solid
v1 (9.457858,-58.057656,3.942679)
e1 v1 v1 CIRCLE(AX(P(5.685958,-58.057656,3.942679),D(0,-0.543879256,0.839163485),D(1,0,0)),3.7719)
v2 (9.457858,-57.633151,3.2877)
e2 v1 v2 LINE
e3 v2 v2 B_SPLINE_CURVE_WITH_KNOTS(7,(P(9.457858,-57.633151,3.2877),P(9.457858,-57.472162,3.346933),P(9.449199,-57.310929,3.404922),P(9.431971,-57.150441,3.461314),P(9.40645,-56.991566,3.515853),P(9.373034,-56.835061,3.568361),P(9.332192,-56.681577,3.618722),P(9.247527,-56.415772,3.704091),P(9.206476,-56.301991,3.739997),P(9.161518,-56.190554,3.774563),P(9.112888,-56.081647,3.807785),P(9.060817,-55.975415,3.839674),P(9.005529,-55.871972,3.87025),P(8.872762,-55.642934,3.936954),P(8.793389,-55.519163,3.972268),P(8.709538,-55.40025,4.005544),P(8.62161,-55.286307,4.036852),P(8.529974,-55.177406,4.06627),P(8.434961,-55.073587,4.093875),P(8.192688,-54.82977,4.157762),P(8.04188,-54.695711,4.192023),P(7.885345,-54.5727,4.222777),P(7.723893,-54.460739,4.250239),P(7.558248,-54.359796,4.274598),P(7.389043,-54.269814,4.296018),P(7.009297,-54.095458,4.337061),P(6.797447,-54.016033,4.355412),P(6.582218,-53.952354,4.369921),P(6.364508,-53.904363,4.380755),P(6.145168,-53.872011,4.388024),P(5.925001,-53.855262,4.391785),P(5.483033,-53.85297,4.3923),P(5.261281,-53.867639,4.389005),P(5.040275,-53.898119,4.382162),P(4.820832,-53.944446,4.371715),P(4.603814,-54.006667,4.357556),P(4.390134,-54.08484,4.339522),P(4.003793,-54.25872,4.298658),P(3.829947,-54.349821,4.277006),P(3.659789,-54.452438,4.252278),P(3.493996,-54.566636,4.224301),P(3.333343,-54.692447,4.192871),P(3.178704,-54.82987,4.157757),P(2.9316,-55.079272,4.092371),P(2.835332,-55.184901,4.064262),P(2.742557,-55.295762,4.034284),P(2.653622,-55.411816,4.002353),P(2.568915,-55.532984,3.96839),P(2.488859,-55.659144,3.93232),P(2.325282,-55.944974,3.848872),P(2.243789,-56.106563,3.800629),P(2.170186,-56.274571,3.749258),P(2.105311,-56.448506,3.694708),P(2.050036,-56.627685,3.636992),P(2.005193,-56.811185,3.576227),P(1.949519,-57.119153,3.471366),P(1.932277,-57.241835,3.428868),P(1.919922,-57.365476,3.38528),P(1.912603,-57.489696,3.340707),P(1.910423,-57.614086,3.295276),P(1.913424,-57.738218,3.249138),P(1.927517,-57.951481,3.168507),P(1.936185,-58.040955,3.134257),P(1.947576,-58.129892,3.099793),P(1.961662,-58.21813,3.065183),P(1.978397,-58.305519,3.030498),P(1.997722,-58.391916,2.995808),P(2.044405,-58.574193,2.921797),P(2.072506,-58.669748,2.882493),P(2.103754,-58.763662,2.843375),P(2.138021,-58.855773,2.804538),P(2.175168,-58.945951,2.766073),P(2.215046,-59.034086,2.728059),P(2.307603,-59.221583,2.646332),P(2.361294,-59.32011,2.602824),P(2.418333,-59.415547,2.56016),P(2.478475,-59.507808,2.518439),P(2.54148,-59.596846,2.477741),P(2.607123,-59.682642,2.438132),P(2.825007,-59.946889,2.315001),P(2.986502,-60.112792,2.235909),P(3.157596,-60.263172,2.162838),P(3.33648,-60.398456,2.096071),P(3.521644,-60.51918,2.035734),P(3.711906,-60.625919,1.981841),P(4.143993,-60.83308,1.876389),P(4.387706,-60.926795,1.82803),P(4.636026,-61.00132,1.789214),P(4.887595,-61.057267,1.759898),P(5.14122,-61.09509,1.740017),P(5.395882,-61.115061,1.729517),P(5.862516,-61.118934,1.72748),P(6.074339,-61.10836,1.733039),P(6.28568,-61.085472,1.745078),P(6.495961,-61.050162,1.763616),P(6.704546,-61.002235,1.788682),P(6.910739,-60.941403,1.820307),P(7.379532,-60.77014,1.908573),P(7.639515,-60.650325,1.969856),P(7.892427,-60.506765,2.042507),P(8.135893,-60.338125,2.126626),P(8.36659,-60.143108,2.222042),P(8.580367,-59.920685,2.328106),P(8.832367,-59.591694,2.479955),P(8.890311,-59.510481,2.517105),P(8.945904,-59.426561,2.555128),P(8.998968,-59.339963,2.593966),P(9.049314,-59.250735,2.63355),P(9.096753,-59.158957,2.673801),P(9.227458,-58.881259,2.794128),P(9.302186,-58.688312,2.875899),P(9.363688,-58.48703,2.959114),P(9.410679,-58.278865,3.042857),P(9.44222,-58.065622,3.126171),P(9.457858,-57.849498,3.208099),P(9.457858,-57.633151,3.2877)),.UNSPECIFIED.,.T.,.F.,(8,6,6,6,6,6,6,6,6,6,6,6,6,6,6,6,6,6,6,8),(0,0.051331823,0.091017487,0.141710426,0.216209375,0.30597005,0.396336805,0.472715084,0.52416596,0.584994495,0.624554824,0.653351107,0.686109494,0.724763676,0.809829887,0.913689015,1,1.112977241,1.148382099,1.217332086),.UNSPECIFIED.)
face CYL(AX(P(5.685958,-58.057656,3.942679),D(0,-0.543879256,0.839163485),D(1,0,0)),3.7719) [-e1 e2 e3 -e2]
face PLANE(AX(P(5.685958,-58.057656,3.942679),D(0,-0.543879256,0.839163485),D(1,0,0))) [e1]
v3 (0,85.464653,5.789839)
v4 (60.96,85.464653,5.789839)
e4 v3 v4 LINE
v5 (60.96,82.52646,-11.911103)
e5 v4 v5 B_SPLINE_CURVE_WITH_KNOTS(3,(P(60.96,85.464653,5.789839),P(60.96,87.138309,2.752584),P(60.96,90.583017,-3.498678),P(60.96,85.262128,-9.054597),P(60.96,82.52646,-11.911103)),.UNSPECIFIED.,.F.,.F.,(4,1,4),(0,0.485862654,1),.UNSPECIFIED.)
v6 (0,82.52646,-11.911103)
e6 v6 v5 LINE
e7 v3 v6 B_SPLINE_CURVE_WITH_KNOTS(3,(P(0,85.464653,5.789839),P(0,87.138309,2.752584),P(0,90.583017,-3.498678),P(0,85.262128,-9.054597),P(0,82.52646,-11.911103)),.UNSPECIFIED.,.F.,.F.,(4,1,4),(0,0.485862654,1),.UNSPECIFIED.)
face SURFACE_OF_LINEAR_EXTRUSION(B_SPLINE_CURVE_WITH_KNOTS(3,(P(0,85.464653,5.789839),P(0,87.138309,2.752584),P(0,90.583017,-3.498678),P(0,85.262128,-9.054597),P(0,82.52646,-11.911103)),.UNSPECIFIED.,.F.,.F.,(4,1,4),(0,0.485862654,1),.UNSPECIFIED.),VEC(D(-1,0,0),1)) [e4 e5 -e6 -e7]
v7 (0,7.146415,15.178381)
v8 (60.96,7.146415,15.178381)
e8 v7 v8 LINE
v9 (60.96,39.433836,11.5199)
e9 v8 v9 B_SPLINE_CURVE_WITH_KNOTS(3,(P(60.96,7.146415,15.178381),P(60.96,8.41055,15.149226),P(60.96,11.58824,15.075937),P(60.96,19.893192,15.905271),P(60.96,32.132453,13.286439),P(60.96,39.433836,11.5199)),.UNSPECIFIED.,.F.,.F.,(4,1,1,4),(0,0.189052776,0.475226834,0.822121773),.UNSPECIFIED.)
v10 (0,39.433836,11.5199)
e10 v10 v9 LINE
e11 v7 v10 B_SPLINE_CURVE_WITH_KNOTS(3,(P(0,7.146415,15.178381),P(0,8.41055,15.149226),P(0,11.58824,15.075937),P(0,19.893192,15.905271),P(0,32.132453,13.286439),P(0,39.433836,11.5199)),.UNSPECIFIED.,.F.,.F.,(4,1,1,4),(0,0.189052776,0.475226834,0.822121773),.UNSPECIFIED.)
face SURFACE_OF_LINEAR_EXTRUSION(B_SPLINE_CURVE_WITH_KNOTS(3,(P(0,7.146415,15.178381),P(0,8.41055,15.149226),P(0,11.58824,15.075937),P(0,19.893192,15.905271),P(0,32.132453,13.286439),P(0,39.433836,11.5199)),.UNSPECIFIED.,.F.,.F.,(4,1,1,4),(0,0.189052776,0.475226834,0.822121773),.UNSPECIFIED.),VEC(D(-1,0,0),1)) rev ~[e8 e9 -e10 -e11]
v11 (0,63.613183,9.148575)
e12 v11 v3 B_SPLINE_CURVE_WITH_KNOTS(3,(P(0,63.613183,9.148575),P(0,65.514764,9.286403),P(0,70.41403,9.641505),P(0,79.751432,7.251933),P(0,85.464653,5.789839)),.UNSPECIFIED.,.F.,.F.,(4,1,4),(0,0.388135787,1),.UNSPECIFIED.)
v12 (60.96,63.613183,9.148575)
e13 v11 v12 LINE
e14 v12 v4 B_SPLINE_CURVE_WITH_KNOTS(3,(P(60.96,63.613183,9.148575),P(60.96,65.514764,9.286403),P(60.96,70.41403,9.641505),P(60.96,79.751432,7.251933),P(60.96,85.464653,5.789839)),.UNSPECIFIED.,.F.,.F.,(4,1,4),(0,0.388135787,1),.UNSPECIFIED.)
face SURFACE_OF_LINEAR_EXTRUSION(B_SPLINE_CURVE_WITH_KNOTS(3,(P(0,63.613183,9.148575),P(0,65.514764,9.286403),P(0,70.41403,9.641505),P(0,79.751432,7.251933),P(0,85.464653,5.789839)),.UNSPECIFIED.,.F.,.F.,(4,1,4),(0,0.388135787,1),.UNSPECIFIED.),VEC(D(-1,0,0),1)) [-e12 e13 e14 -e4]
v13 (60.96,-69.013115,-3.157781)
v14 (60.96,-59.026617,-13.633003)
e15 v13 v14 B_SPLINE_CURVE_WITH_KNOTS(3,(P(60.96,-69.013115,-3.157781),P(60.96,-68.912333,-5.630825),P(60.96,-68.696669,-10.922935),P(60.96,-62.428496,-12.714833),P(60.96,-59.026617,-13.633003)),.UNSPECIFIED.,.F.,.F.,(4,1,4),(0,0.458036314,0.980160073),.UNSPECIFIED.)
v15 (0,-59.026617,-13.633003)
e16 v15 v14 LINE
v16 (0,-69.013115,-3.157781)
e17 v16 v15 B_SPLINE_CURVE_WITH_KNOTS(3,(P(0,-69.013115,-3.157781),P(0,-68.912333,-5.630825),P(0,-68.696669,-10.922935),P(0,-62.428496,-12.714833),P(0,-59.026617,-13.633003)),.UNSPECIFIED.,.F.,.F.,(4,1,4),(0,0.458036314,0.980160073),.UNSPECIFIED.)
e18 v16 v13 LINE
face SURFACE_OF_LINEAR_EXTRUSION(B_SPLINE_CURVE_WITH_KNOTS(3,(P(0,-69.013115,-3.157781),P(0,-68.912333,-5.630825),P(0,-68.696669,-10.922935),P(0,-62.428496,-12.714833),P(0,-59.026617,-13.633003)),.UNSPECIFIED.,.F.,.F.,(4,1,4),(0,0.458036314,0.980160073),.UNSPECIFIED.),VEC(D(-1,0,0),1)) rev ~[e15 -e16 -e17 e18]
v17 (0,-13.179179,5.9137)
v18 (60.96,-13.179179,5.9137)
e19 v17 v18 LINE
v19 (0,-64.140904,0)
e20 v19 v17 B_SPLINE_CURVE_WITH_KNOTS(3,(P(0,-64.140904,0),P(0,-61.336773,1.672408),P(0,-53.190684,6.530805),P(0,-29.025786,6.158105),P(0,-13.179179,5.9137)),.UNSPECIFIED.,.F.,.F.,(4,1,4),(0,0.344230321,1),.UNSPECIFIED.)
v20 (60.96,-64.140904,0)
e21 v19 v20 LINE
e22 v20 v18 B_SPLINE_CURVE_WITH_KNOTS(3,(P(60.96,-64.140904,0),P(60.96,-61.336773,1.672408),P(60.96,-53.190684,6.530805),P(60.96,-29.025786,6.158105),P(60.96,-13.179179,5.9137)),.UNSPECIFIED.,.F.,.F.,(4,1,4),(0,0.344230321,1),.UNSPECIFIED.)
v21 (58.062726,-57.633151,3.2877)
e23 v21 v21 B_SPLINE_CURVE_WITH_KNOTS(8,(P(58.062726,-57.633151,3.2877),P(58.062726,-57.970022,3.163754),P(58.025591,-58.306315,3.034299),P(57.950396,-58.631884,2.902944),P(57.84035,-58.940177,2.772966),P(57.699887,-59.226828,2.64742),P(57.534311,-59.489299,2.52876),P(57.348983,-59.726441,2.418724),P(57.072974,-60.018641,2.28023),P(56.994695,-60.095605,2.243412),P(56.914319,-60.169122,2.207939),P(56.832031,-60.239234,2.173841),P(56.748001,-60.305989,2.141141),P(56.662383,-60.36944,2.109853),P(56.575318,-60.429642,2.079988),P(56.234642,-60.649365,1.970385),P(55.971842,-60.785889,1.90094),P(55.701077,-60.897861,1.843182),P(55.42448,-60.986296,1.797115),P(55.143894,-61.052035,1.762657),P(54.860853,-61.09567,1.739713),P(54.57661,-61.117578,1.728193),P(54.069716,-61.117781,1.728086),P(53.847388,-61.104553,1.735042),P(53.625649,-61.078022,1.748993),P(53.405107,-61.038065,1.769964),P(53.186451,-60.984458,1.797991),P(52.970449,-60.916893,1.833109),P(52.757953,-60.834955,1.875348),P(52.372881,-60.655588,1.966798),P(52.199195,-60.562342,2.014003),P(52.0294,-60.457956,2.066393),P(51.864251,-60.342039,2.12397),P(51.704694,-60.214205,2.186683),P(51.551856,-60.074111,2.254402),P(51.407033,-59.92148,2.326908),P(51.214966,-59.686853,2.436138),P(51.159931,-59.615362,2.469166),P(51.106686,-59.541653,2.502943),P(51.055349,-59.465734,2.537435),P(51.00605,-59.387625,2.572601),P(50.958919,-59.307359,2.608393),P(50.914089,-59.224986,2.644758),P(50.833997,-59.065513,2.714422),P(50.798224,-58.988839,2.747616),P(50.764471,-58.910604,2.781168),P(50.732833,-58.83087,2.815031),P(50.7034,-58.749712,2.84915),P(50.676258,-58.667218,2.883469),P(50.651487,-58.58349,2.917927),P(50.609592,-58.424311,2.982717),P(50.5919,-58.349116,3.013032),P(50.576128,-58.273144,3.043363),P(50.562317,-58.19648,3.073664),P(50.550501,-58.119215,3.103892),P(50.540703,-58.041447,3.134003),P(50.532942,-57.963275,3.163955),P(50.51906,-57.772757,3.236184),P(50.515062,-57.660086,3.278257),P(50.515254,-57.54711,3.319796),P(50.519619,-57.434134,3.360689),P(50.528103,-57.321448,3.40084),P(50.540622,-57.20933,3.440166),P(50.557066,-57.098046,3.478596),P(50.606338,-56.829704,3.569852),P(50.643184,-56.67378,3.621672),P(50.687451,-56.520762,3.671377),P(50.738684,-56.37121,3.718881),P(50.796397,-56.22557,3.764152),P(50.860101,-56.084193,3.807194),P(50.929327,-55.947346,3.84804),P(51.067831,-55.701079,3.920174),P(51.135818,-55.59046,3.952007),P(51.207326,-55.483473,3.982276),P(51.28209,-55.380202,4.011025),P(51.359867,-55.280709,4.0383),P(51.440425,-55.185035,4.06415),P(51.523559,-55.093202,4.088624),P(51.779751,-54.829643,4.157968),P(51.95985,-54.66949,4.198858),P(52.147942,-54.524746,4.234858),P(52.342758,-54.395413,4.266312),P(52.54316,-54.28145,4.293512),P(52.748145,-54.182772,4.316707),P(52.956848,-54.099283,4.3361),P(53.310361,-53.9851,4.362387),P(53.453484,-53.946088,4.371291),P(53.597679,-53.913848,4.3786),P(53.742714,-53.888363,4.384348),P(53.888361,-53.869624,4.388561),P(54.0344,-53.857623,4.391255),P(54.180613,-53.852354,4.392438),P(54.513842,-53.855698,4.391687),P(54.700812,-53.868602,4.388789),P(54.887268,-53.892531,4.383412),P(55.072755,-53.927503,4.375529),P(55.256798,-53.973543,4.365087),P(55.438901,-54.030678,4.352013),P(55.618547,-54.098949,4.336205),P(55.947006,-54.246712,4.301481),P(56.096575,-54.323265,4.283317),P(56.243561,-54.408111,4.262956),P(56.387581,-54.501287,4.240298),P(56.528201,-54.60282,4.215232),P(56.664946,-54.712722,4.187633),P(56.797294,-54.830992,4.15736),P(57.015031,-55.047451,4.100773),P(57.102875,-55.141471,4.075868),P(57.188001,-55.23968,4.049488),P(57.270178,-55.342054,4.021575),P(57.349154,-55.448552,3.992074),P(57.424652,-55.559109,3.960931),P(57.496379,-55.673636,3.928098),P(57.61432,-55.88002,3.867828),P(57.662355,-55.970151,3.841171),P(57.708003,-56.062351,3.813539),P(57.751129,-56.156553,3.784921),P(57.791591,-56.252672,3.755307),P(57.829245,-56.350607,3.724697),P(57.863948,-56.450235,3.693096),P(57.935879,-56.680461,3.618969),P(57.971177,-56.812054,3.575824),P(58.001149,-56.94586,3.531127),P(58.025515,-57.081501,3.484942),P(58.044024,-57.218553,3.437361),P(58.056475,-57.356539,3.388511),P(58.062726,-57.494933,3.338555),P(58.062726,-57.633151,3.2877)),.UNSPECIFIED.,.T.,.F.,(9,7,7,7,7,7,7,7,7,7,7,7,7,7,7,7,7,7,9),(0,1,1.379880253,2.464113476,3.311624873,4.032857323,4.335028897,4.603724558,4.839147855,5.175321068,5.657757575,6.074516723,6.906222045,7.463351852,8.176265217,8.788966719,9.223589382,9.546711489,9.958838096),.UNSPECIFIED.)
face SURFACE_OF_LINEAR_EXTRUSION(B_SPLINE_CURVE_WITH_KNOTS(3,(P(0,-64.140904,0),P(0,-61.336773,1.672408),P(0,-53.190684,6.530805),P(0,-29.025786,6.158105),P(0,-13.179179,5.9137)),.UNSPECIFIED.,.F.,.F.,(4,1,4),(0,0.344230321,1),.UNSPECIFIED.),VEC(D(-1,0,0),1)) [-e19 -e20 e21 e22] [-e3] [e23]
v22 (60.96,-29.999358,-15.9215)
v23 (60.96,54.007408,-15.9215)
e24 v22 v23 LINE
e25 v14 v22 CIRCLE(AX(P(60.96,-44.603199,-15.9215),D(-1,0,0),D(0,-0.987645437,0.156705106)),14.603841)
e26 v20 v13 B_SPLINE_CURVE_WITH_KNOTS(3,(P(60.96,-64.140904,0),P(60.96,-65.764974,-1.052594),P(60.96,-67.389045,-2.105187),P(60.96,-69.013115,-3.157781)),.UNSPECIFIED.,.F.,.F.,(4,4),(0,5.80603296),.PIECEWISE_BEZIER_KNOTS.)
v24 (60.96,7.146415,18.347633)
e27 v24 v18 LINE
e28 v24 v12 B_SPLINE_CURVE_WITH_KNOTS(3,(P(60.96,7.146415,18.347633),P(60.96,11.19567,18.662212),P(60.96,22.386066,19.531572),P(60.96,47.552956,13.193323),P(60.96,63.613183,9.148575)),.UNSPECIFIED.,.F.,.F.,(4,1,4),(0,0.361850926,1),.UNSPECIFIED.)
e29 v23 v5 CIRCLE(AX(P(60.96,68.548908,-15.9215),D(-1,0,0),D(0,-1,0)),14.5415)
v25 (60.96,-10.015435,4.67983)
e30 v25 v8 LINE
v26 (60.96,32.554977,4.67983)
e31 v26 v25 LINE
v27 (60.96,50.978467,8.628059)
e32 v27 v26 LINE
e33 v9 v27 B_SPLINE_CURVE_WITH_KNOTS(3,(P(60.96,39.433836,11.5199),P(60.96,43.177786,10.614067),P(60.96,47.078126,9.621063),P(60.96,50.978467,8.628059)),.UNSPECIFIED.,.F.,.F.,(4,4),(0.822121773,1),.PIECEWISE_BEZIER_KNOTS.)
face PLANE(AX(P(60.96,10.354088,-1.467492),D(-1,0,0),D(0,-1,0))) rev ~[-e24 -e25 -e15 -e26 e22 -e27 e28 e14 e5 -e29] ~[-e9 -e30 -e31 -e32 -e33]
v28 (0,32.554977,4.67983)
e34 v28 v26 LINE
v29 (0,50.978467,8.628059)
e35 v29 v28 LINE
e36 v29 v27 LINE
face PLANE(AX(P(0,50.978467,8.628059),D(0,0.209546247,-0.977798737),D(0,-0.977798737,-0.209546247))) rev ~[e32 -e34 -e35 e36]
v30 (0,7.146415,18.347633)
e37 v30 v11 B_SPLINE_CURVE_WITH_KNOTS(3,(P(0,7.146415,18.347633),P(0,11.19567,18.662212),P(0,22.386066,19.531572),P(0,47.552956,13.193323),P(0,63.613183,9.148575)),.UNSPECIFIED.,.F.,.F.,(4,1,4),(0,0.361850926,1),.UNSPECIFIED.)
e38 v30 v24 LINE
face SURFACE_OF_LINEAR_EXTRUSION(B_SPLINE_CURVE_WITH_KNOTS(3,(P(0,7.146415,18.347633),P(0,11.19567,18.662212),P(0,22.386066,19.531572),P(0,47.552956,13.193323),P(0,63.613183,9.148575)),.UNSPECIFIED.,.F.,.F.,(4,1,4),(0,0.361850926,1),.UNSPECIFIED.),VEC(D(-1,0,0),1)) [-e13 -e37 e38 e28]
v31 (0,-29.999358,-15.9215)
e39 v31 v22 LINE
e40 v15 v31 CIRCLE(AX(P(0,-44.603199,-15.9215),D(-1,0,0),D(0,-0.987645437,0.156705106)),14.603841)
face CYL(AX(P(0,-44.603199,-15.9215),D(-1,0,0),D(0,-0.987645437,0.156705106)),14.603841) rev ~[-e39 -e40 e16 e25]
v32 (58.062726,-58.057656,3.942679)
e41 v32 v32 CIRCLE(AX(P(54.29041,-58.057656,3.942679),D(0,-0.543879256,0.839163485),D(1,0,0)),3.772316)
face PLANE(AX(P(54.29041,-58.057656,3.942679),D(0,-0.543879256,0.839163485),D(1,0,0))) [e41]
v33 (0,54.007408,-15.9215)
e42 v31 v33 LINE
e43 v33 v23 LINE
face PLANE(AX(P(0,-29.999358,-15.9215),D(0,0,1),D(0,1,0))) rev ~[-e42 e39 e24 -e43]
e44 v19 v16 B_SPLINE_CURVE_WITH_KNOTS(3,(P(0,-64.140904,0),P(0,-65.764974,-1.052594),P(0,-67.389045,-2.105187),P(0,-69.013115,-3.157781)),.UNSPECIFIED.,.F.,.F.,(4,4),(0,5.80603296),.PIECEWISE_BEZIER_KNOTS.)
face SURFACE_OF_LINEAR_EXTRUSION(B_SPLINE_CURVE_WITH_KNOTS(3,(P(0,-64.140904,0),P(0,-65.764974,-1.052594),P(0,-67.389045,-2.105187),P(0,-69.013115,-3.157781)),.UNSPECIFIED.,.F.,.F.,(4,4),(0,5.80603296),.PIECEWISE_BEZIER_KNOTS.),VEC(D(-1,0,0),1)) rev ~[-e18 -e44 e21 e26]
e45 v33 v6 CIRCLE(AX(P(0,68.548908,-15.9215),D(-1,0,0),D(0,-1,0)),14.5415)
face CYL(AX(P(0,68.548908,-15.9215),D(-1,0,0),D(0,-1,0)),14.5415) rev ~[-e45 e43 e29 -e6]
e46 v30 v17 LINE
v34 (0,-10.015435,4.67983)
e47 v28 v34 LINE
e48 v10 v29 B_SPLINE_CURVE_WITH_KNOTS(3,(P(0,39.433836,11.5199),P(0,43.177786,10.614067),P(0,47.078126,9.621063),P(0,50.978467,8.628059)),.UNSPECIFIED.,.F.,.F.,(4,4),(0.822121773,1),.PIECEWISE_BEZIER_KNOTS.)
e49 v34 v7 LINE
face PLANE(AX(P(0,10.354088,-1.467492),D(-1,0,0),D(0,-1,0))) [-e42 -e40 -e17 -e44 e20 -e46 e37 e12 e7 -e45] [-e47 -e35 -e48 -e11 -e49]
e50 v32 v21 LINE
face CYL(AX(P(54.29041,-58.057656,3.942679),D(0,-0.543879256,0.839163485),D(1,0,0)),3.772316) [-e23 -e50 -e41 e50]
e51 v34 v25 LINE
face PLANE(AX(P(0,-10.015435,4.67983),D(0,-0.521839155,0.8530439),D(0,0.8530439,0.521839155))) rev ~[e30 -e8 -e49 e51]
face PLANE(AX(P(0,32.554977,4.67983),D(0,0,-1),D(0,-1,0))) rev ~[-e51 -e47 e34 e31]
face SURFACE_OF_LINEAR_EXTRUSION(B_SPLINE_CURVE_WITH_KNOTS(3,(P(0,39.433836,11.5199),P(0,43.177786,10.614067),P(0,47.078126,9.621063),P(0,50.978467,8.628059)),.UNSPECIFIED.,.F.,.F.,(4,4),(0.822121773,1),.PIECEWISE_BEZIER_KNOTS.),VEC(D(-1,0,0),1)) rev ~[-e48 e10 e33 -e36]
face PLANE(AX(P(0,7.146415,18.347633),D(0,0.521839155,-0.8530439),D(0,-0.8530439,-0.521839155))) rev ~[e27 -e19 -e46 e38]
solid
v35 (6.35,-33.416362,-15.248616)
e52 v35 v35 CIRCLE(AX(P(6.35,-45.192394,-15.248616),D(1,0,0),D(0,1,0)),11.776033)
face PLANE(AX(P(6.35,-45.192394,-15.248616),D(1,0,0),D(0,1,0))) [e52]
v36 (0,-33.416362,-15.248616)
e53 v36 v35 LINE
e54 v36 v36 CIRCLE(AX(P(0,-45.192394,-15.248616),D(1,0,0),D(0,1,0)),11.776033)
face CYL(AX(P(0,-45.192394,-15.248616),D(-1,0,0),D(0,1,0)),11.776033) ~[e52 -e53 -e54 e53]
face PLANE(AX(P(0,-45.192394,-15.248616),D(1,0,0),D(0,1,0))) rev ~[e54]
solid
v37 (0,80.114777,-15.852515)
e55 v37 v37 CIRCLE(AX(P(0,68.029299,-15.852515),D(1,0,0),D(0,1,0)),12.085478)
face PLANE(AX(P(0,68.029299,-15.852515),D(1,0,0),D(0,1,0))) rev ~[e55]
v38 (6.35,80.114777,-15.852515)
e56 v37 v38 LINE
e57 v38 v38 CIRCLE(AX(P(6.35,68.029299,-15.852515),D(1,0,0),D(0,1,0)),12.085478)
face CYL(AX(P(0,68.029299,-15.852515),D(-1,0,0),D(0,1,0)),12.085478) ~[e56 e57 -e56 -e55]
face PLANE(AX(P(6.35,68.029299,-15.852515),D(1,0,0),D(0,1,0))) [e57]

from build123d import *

# Parameters (mm, degrees)
F1_DEPTH = 60.96
F2_R     = 3.7719
F2_R_2   = 3.7723161285
F3_DEPTH = 5.08
F4_R     = 12.0854778756
F5_DEPTH = 6.35
F4_R_2   = 11.7760328576


with BuildPart() as f1:
    # F0 (on Right) → F1 (new body)
    with BuildSketch(Plane.YZ):
        with BuildLine():
            add(Edge.make_bspline(
                [(-64.1409039851, 0), (-61.3367730342, 1.6724076979), (-53.1906836739, 6.5308051097), (-29.0257862813, 6.1581053523), (-13.1791792619, 5.9137001518)],
                knots=[0, 0, 0, 0, 0.3442303205, 1, 1, 1, 1], degree=3))
            add(Edge.make_bspline(
                [(-64.1409039851, 0), (-65.7649742695, -1.0525936291), (-67.3890445539, -2.1051872582), (-69.0131148383, -3.1577808873)],
                knots=[0, 0, 0, 0, 5.8060329598, 5.8060329598, 5.8060329598, 5.8060329598], degree=3))
            add(Edge.make_bspline(
                [(-69.0131148383, -3.1577808873), (-68.9123331399, -5.630824506), (-68.6966685869, -10.9229346325), (-62.4284961999, -12.7148325819), (-59.0266166814, -13.6330034502)],
                knots=[0, 0, 0, 0, 0.4580363137, 0.9801600731, 0.9801600731, 0.9801600731, 0.9801600731], degree=3))
            ThreePointArc((-59.0266166814, -13.6330034502), (-43.4554006161, -1.3628345708), (-29.9993582291, -15.921499941))
            Line((-29.9993582291, -15.921499941), (54.0074083772, -15.921499941))
            ThreePointArc((54.0074083772, -15.921499941), (66.5239810985, -1.5216773113), (82.5264596121, -11.9111029871))
            add(Edge.make_bspline(
                [(85.464653483, 5.7898388273), (87.1383087684, 2.7525841783), (90.5830174187, -3.4986776281), (85.2621277219, -9.0545972271), (82.5264596121, -11.9111029871)],
                knots=[0, 0, 0, 0, 0.4858626535, 1, 1, 1, 1], degree=3))
            add(Edge.make_bspline(
                [(63.6131833576, 9.1485750818), (65.5147638513, 9.2864029295), (70.4140299258, 9.641505067), (79.751431573, 7.2519326646), (85.464653483, 5.7898388273)],
                knots=[0, 0, 0, 0, 0.388135787, 1, 1, 1, 1], degree=3))
            add(Edge.make_bspline(
                [(7.1464148377, 18.3476333366), (11.1956700146, 18.6622120641), (22.3860660817, 19.5315720827), (47.5529559118, 13.1933229182), (63.6131833576, 9.1485750818)],
                knots=[0, 0, 0, 0, 0.3618509258, 1, 1, 1, 1], degree=3))
            Line((7.1464148377, 18.3476333366), (-13.1791792619, 5.9137001518))
        make_face()
        with BuildLine():
            Line((-3.6628949456, -5.7045863252), (-10.0154345855, 4.6798302792))
            Line((-10.0154345855, 4.6798302792), (7.1464148377, 15.1783814167))
            add(Edge.make_bspline(
                [(7.1464148377, 15.1783814167), (8.4105502773, 15.1492259207), (11.5882400934, 15.0759369995), (19.8931919739, 15.9052709485), (32.1324530372, 13.2864391903), (39.4338364298, 11.5199001411)],
                knots=[0, 0, 0, 0, 0.1890527764, 0.4752268335, 0.8221217731, 0.8221217731, 0.8221217731, 0.8221217731], degree=3))
            add(Edge.make_bspline(
                [(39.4338364298, 11.5199001411), (43.1777859172, 10.6140672855), (47.0781263928, 9.6210632321), (50.9784668684, 8.6280591786)],
                knots=[0.8221217731, 0.8221217731, 0.8221217731, 0.8221217731, 1, 1, 1, 1], degree=3))
            Line((50.9784668684, 8.6280591786), (32.5549766421, 4.6798302792))
            add(Edge.make_bspline(
                [(-3.6628949456, -5.7045863252), (-2.9426448667, -6.7081638621), (-0.6801711967, -9.8606352324), (22.1604686278, -12.6179211274), (25.6930435705, -8.1083868826), (29.9163214532, -0.2376900782), (32.5549766421, 4.6798302792)],
                knots=[0, 0, 0, 0, 0.1677344339, 0.5268930214, 0.7044082301, 1, 1, 1, 1], degree=3))
        make_face(mode=Mode.SUBTRACT)
        with BuildLine():
            Line((32.5549766421, 4.6798302792), (-10.0154345855, 4.6798302792))
            Line((-10.0154345855, 4.6798302792), (-3.6628949456, -5.7045863252))
            add(Edge.make_bspline(
                [(-3.6628949456, -5.7045863252), (-2.9426448667, -6.7081638621), (-0.6801711967, -9.8606352324), (22.1604686278, -12.6179211274), (25.6930435705, -8.1083868826), (29.9163214532, -0.2376900782), (32.5549766421, 4.6798302792)],
                knots=[0, 0, 0, 0, 0.1677344339, 0.5268930214, 0.7044082301, 1, 1, 1, 1], degree=3))
        make_face()
    extrude(amount=F1_DEPTH)

    # F2 (on face) → F3 (join)
    with BuildSketch(Plane(origin=(0, -18.9731773498, 29.2741402596), x_dir=(1, 0, 0), z_dir=(0, -0.5438792561, 0.8391634851))):
        with Locations((5.6859576143, -46.5755239129)):
            Circle(F2_R)
        with Locations((54.2904101312, -46.5755239129)):
            Circle(F2_R_2)
    extrude(amount=-F3_DEPTH)


with BuildPart() as f5:
    # F4 (on Right) → F5 (new body)
    with BuildSketch(Plane.YZ):
        with Locations((68.0292993784, -15.8525146544)):
            Circle(F4_R)
    extrude(amount=F5_DEPTH)


with BuildPart() as f5b:
    # F4 (on Right) → F5, piece 2 (new body)
    with BuildSketch(Plane.YZ):
        with Locations((-45.1923944056, -15.248616226)):
            Circle(F4_R_2)
    extrude(amount=F5_DEPTH)


solid = Compound([f1.part, f5.part, f5b.part])
